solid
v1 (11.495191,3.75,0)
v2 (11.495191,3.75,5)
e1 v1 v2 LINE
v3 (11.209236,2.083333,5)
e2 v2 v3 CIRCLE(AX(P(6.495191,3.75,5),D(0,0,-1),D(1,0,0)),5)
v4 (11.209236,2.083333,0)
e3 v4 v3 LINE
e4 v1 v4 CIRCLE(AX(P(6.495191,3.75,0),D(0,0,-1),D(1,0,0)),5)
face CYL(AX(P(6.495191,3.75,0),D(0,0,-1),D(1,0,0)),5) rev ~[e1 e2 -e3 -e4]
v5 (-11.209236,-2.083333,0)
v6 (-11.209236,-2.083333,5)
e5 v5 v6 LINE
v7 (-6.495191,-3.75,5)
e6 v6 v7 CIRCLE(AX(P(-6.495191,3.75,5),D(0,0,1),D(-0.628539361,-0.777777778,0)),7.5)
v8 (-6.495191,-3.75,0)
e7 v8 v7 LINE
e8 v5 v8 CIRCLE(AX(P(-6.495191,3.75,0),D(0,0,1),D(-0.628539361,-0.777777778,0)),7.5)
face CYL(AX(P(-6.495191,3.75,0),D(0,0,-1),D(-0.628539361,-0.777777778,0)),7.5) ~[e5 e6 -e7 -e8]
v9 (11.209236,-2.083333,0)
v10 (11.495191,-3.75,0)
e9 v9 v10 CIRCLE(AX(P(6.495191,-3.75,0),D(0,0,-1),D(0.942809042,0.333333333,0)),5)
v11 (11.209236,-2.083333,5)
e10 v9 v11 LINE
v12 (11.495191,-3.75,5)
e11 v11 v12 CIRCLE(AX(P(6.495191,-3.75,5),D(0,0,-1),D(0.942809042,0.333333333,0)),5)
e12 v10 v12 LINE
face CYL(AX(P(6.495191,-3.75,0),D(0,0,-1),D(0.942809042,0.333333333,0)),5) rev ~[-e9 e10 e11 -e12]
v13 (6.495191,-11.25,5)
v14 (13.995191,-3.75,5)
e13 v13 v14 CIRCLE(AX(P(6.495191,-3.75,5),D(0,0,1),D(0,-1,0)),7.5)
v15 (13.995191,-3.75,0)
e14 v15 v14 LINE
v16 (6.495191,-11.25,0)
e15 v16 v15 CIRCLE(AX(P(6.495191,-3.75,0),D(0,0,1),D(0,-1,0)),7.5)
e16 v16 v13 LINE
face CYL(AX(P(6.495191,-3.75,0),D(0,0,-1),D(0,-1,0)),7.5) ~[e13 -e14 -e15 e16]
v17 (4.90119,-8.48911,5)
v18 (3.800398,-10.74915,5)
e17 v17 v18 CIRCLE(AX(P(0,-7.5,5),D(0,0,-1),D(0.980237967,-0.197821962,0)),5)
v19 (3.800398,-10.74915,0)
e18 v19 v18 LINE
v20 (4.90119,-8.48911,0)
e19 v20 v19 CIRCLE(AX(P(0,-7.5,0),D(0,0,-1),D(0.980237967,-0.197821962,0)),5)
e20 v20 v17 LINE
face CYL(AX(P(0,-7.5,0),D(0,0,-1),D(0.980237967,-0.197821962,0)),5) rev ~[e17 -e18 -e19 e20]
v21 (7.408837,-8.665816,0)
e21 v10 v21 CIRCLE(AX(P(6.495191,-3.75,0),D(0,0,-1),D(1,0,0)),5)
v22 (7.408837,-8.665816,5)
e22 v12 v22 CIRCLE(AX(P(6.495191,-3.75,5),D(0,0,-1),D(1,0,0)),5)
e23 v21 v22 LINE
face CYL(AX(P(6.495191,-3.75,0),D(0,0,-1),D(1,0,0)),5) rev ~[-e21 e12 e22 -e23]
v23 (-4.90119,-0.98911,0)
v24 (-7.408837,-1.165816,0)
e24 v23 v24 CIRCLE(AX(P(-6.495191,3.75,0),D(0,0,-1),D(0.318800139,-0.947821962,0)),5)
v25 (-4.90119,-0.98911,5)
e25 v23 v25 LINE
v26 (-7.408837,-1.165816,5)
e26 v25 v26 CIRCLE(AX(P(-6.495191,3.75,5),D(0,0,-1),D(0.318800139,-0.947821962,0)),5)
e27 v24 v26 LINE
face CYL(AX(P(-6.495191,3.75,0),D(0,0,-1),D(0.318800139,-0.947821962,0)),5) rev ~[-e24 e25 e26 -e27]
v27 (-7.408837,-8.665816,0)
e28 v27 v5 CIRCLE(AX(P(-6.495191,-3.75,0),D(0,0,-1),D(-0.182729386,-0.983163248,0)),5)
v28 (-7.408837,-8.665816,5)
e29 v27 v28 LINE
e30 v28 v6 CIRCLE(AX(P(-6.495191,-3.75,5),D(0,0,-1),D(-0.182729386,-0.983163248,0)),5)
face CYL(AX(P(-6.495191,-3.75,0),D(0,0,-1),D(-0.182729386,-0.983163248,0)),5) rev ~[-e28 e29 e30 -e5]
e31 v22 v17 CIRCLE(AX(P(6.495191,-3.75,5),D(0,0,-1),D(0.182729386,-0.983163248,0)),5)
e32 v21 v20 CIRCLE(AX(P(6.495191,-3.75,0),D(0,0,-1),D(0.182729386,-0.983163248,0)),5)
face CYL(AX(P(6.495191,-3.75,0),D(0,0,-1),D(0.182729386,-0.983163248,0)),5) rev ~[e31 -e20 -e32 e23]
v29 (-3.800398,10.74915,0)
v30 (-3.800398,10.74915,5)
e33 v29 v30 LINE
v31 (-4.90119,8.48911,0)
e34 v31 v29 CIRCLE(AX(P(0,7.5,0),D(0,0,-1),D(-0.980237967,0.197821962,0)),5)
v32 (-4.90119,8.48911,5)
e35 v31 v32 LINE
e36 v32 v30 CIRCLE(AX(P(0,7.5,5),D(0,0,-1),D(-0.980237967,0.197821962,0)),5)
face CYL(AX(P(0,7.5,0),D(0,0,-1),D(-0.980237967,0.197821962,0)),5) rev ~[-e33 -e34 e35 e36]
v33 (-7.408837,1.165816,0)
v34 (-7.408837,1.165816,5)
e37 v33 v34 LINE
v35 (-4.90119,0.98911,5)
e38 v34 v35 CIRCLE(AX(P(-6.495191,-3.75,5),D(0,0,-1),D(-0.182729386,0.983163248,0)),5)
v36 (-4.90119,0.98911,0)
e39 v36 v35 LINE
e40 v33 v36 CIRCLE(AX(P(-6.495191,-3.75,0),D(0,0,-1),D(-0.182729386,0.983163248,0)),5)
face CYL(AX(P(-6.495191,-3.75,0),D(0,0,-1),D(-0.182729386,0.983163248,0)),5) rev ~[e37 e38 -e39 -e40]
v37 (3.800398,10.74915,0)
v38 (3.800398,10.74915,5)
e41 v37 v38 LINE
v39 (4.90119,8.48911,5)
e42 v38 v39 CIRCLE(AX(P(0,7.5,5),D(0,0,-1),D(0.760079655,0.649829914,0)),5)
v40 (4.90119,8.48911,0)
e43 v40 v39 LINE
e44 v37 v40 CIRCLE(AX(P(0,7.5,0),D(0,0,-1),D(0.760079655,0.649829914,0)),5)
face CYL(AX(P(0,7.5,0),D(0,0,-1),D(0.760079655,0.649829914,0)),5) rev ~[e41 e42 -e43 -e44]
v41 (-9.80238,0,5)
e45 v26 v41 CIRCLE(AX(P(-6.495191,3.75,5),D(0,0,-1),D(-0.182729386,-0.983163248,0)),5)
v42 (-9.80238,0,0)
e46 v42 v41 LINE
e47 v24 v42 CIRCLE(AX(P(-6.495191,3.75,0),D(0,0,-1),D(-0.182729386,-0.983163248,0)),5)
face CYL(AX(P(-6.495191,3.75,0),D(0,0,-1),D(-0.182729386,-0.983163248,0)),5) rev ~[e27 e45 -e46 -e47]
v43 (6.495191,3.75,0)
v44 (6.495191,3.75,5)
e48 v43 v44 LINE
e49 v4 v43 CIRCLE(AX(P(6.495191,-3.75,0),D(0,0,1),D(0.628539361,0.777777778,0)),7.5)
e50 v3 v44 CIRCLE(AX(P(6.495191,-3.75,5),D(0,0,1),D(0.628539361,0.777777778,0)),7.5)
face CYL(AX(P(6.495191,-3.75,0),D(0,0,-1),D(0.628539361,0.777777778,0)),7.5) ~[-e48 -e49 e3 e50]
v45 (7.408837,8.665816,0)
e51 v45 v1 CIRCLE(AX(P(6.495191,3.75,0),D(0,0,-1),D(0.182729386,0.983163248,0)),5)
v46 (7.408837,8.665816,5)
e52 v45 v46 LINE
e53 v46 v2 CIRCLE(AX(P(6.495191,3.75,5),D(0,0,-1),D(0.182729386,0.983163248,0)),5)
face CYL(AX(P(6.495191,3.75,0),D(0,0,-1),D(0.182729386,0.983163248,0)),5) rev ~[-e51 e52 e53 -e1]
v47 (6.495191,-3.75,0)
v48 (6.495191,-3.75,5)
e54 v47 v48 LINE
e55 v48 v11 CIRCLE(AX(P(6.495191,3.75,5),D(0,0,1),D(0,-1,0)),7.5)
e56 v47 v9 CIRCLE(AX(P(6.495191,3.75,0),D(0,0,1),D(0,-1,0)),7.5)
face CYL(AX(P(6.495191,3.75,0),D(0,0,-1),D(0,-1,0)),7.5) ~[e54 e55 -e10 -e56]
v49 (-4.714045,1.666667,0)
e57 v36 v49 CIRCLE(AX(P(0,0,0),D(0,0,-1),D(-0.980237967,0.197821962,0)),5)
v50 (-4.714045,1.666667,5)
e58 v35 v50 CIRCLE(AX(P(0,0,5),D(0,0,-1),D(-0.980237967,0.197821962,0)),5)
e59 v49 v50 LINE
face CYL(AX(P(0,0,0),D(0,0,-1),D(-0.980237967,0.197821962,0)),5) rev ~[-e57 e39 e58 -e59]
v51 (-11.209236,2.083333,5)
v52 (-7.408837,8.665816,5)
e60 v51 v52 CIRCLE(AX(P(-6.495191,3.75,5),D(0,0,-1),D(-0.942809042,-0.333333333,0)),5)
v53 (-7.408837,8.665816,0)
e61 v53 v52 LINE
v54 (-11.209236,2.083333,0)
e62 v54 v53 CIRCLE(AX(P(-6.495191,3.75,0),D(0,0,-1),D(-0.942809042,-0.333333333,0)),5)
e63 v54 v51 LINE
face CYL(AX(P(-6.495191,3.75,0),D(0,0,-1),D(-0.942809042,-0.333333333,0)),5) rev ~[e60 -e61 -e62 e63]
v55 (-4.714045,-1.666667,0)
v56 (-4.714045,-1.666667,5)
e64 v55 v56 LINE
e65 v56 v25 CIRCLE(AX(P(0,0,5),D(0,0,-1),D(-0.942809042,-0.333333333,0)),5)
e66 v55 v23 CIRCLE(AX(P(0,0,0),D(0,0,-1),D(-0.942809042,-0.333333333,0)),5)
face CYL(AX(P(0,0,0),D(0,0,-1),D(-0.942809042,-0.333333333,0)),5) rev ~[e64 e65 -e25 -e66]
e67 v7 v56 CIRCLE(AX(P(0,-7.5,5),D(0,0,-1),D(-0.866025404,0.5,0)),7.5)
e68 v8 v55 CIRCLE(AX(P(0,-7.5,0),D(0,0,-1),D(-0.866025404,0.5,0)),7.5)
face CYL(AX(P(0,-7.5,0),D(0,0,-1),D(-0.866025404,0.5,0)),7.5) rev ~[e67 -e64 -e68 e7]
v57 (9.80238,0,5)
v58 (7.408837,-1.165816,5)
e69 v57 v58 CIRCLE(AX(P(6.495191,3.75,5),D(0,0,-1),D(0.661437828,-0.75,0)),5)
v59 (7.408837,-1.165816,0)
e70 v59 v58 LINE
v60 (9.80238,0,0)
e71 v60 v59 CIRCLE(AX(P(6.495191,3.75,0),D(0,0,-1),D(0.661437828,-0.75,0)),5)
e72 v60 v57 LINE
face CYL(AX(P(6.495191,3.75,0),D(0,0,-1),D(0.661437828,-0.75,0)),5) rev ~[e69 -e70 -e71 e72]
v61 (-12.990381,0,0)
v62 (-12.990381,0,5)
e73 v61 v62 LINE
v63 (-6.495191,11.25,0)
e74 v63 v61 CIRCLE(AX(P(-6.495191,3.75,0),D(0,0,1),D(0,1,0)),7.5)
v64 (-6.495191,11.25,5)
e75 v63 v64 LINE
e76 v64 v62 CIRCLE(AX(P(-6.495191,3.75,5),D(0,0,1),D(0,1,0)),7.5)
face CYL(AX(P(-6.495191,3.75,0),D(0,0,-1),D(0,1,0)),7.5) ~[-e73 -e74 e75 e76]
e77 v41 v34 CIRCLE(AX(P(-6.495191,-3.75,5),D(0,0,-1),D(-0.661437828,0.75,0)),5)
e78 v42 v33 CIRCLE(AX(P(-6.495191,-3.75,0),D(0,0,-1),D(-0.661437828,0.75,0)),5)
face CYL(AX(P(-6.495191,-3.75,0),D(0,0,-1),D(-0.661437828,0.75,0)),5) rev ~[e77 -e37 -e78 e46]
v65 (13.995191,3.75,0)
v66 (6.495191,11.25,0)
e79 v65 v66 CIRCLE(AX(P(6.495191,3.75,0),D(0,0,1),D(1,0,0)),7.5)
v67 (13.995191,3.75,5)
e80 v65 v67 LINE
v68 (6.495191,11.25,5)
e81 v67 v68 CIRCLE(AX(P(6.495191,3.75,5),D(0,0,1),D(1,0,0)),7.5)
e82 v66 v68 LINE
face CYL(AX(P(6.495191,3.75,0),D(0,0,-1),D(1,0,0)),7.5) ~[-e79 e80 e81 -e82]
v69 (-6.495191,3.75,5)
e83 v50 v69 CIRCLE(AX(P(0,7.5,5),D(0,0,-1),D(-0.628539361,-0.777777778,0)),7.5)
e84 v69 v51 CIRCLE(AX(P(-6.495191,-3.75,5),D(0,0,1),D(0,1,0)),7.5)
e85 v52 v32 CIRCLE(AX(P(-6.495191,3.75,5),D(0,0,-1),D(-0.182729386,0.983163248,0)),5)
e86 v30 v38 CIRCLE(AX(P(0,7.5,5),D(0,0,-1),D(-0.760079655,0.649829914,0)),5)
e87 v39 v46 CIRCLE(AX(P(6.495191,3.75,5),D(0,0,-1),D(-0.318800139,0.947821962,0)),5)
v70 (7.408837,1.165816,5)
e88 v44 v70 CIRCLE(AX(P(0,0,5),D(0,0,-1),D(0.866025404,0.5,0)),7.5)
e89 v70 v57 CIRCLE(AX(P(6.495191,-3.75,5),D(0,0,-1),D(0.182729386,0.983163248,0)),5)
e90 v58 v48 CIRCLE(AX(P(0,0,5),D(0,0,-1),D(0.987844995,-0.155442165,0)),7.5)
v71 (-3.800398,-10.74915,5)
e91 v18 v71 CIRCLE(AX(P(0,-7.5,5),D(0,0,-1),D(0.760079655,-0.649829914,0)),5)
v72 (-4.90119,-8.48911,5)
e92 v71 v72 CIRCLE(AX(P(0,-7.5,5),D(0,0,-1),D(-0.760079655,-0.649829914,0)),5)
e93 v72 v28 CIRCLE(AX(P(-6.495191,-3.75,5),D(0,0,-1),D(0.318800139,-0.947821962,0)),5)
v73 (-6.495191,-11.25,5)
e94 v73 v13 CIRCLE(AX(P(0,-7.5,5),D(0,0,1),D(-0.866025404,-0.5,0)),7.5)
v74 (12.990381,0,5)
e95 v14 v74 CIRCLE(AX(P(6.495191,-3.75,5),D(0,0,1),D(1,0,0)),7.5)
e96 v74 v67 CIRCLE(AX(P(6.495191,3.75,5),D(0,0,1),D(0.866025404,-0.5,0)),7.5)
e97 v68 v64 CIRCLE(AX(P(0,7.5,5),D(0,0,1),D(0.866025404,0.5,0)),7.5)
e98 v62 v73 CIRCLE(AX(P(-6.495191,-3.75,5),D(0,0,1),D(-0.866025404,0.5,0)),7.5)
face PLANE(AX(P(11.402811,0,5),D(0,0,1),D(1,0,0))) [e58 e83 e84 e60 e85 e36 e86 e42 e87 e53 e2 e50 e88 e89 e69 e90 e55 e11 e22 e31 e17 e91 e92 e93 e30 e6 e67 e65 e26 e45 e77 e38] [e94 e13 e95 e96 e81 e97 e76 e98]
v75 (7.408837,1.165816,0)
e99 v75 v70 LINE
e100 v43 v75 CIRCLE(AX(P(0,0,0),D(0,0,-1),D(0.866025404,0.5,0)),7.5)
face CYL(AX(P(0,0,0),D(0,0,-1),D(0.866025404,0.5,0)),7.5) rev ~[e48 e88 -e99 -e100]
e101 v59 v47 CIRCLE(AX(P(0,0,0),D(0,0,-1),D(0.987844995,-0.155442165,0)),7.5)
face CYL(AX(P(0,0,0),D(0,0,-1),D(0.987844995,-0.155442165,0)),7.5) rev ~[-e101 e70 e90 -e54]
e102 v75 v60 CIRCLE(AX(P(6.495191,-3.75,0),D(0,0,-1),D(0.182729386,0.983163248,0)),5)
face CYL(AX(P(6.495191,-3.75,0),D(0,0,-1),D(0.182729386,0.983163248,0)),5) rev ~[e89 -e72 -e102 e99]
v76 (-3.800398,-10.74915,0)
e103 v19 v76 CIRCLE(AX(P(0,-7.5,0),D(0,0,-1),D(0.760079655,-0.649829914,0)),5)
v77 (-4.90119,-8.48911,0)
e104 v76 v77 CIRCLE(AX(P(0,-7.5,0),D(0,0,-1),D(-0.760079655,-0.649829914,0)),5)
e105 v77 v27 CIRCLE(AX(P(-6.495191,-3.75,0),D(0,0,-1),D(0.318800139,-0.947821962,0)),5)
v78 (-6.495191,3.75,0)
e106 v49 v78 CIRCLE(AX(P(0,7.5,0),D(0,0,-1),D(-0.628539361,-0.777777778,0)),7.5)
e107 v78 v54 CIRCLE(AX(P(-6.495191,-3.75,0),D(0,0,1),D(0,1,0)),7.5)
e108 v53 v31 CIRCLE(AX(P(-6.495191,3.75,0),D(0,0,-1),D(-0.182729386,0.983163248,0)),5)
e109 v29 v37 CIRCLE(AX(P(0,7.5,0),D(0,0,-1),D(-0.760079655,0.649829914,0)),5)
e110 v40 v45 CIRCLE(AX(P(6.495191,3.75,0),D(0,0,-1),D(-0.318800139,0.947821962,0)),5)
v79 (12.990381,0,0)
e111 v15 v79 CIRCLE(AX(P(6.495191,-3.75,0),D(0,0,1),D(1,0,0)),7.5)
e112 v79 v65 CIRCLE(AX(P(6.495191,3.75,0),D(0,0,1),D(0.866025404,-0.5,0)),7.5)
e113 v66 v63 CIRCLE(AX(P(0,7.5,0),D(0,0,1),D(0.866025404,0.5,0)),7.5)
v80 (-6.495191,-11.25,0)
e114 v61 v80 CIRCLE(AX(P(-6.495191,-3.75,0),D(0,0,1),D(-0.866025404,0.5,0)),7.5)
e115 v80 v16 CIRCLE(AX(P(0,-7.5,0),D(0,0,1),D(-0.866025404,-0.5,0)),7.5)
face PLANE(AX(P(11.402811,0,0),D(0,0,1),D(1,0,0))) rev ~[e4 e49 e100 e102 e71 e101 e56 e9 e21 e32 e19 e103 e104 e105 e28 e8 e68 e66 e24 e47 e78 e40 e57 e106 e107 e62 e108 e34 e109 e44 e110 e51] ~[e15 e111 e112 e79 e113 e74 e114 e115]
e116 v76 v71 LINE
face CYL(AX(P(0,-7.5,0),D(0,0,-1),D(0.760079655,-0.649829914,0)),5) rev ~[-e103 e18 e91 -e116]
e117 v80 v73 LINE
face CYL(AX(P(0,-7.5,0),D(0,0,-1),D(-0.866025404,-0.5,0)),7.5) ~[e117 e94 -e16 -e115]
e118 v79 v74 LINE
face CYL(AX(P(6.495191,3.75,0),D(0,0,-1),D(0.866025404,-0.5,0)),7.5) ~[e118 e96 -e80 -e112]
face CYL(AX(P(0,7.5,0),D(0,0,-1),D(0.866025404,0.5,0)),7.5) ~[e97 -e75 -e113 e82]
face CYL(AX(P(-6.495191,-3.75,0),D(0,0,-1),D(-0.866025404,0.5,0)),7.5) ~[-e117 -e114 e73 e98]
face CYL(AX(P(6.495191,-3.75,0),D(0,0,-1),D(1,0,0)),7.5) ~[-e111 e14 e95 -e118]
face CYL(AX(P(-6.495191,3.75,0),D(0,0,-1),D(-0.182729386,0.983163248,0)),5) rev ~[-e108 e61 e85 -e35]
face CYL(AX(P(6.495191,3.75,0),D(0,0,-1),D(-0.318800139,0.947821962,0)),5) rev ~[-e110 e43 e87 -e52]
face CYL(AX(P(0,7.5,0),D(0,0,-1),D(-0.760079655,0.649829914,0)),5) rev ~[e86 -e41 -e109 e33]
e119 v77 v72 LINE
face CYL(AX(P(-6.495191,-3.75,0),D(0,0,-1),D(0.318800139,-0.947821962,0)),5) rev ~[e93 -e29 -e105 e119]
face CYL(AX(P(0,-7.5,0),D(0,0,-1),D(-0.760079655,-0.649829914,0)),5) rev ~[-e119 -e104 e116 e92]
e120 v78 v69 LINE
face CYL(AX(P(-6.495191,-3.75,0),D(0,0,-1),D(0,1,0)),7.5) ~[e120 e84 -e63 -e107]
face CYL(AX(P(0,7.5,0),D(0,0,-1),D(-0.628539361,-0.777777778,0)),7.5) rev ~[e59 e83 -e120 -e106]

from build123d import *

# Parameters (mm, degrees)
F1_DEPTH = 5


with BuildPart() as f1:
    # F0 (on Top) → F1 (new body)
    with BuildSketch(Plane.XY):
        with BuildLine():
            ThreePointArc((11.2092357363, 2.0833333333), (10.6388748257, 0.951807647), (9.8023796672, 0))
            ThreePointArc((9.8023796672, 0), (10.6388748257, -0.951807647), (11.2092357363, -2.0833333333))
            ThreePointArc((11.2092357363, -2.0833333333), (12.1957879438, -1.123724357), (12.9903810568, 0))
            ThreePointArc((12.9903810568, 0), (12.1957879438, 1.123724357), (11.2092357363, 2.0833333333))
        make_face()
        with BuildLine():
            ThreePointArc((11.4951905284, 3.75), (11.4231833267, 2.9044901064), (11.2092357363, 2.0833333333))
            ThreePointArc((11.2092357363, 2.0833333333), (12.1957879438, 1.123724357), (12.9903810568, 0))
            ThreePointArc((12.9903810568, 0), (13.7396342256, 1.8088571617), (13.9951905284, 3.75))
            ThreePointArc((13.9951905284, 3.75), (11.7984913873, 9.0533008589), (6.4951905284, 11.25))
            ThreePointArc((6.4951905284, 11.25), (7.0710678119, 10), (7.4088374594, 8.665816238))
            ThreePointArc((7.4088374594, 8.665816238), (10.3402025345, 6.9462294462), (11.4951905284, 3.75))
        make_face()
        with BuildLine():
            ThreePointArc((12.9903810568, 0), (12.1957879438, -1.123724357), (11.2092357363, -2.0833333333))
            ThreePointArc((11.2092357363, -2.0833333333), (11.4231833267, -2.9044901064), (11.4951905284, -3.75))
            ThreePointArc((11.4951905284, -3.75), (10.3402025345, -6.9462294462), (7.4088374594, -8.665816238))
            ThreePointArc((7.4088374594, -8.665816238), (7.0710678119, -10), (6.4951905284, -11.25))
            ThreePointArc((6.4951905284, -11.25), (11.7984913873, -9.0533008589), (13.9951905284, -3.75))
            ThreePointArc((13.9951905284, -3.75), (13.7396342256, -1.8088571617), (12.9903810568, 0))
        make_face()
        with BuildLine():
            ThreePointArc((4.9011898336, 8.4891098093), (6.1437270147, 8.7376320432), (7.4088374594, 8.665816238))
            ThreePointArc((7.4088374594, 8.665816238), (7.0710678119, 10), (6.4951905284, 11.25))
            ThreePointArc((6.4951905284, 11.25), (5.1247201319, 11.123724357), (3.8003982769, 10.7491495713))
            ThreePointArc((3.8003982769, 10.7491495713), (4.495147811, 9.6894396902), (4.9011898336, 8.4891098093))
        make_face()
        with BuildLine():
            ThreePointArc((6.4951905284, -11.25), (7.0710678119, -10), (7.4088374594, -8.665816238))
            ThreePointArc((7.4088374594, -8.665816238), (6.1437270147, -8.7376320432), (4.9011898336, -8.4891098093))
            ThreePointArc((4.9011898336, -8.4891098093), (4.495147811, -9.6894396902), (3.8003982769, -10.7491495713))
            ThreePointArc((3.8003982769, -10.7491495713), (5.1247201319, -11.123724357), (6.4951905284, -11.25))
        make_face()
        with BuildLine():
            ThreePointArc((3.8003982769, 10.7491495713), (5.1247201319, 11.123724357), (6.4951905284, 11.25))
            ThreePointArc((6.4951905284, 11.25), (0, 15), (-6.4951905284, 11.25))
            ThreePointArc((-6.4951905284, 11.25), (-5.1247201319, 11.123724357), (-3.8003982769, 10.7491495713))
            ThreePointArc((-3.8003982769, 10.7491495713), (0, 12.5), (3.8003982769, 10.7491495713))
        make_face()
        with BuildLine():
            ThreePointArc((-6.4951905284, -11.25), (0, -15), (6.4951905284, -11.25))
            ThreePointArc((6.4951905284, -11.25), (5.1247201319, -11.123724357), (3.8003982769, -10.7491495713))
            ThreePointArc((3.8003982769, -10.7491495713), (0, -12.5), (-3.8003982769, -10.7491495713))
            ThreePointArc((-3.8003982769, -10.7491495713), (-5.1247201319, -11.123724357), (-6.4951905284, -11.25))
        make_face()
        with BuildLine():
            ThreePointArc((-4.9011898336, 8.4891098093), (-4.495147811, 9.6894396902), (-3.8003982769, 10.7491495713))
            ThreePointArc((-3.8003982769, 10.7491495713), (-5.1247201319, 11.123724357), (-6.4951905284, 11.25))
            ThreePointArc((-6.4951905284, 11.25), (-7.0710678119, 10), (-7.4088374594, 8.665816238))
            ThreePointArc((-7.4088374594, 8.665816238), (-6.1437270147, 8.7376320432), (-4.9011898336, 8.4891098093))
        make_face()
        with BuildLine():
            ThreePointArc((-7.4088374594, 8.665816238), (-7.0710678119, 10), (-6.4951905284, 11.25))
            ThreePointArc((-6.4951905284, 11.25), (-12.9903810568, 7.5), (-12.9903810568, 0))
            ThreePointArc((-12.9903810568, 0), (-12.1957879438, 1.123724357), (-11.2092357363, 2.0833333333))
            ThreePointArc((-11.2092357363, 2.0833333333), (-10.8253175473, 6.25), (-7.4088374594, 8.665816238))
        make_face()
        with BuildLine():
            ThreePointArc((-6.4951905284, -11.25), (-5.1247201319, -11.123724357), (-3.8003982769, -10.7491495713))
            ThreePointArc((-3.8003982769, -10.7491495713), (-4.495147811, -9.6894396902), (-4.9011898336, -8.4891098093))
            ThreePointArc((-4.9011898336, -8.4891098093), (-6.1437270147, -8.7376320432), (-7.4088374594, -8.665816238))
            ThreePointArc((-7.4088374594, -8.665816238), (-7.0710678119, -10), (-6.4951905284, -11.25))
        make_face()
        with BuildLine():
            ThreePointArc((-12.9903810568, 0), (-12.9903810568, -7.5), (-6.4951905284, -11.25))
            ThreePointArc((-6.4951905284, -11.25), (-7.0710678119, -10), (-7.4088374594, -8.665816238))
            ThreePointArc((-7.4088374594, -8.665816238), (-10.8253175473, -6.25), (-11.2092357363, -2.0833333333))
            ThreePointArc((-11.2092357363, -2.0833333333), (-12.1957879438, -1.123724357), (-12.9903810568, 0))
        make_face()
        with BuildLine():
            ThreePointArc((-11.2092357363, 2.0833333333), (-12.1957879438, 1.123724357), (-12.9903810568, 0))
            ThreePointArc((-12.9903810568, 0), (-12.1957879438, -1.123724357), (-11.2092357363, -2.0833333333))
            ThreePointArc((-11.2092357363, -2.0833333333), (-10.6388748257, -0.951807647), (-9.8023796672, 0))
            ThreePointArc((-9.8023796672, 0), (-10.6388748257, 0.951807647), (-11.2092357363, 2.0833333333))
        make_face()
        with BuildLine():
            ThreePointArc((-11.2092357363, -2.0833333333), (-8.9951905284, -3.3210678119), (-6.4951905284, -3.75))
            ThreePointArc((-6.4951905284, -3.75), (-7.0710678119, -2.5), (-7.4088374594, -1.165816238))
            ThreePointArc((-7.4088374594, -1.165816238), (-8.6846302186, -0.745147811), (-9.8023796672, 0))
            ThreePointArc((-9.8023796672, 0), (-10.6388748257, -0.951807647), (-11.2092357363, -2.0833333333))
        make_face()
        with BuildLine():
            ThreePointArc((-7.4088374594, 1.165816238), (-7.0710678119, 2.5), (-6.4951905284, 3.75))
            ThreePointArc((-6.4951905284, 3.75), (-8.9951905284, 3.3210678119), (-11.2092357363, 2.0833333333))
            ThreePointArc((-11.2092357363, 2.0833333333), (-10.6388748257, 0.951807647), (-9.8023796672, 0))
            ThreePointArc((-9.8023796672, 0), (-8.6846302186, 0.745147811), (-7.4088374594, 1.165816238))
        make_face()
        with BuildLine():
            ThreePointArc((-4.9011898336, 0.9891098093), (-4.819539091, 1.3311810359), (-4.7140452079, 1.6666666667))
            ThreePointArc((-4.7140452079, 1.6666666667), (-5.7005974154, 2.626275643), (-6.4951905284, 3.75))
            ThreePointArc((-6.4951905284, 3.75), (-7.0710678119, 2.5), (-7.4088374594, 1.165816238))
            ThreePointArc((-7.4088374594, 1.165816238), (-6.1437270147, 1.2376320432), (-4.9011898336, 0.9891098093))
        make_face()
        with BuildLine():
            ThreePointArc((-6.4951905284, -3.75), (-5.7005974154, -2.626275643), (-4.7140452079, -1.6666666667))
            ThreePointArc((-4.7140452079, -1.6666666667), (-4.819539091, -1.3311810359), (-4.9011898336, -0.9891098093))
            ThreePointArc((-4.9011898336, -0.9891098093), (-6.1437270147, -1.2376320432), (-7.4088374594, -1.165816238))
            ThreePointArc((-7.4088374594, -1.165816238), (-7.0710678119, -2.5), (-6.4951905284, -3.75))
        make_face()
        with BuildLine():
            ThreePointArc((9.8023796672, 0), (8.6846302186, -0.745147811), (7.4088374594, -1.165816238))
            ThreePointArc((7.4088374594, -1.165816238), (7.0710678119, -2.5), (6.4951905284, -3.75))
            ThreePointArc((6.4951905284, -3.75), (8.9951905284, -3.3210678119), (11.2092357363, -2.0833333333))
            ThreePointArc((11.2092357363, -2.0833333333), (10.6388748257, -0.951807647), (9.8023796672, 0))
        make_face()
        with BuildLine():
            ThreePointArc((6.4951905284, 3.75), (7.0710678119, 2.5), (7.4088374594, 1.165816238))
            ThreePointArc((7.4088374594, 1.165816238), (8.6846302186, 0.745147811), (9.8023796672, 0))
            ThreePointArc((9.8023796672, 0), (10.6388748257, 0.951807647), (11.2092357363, 2.0833333333))
            ThreePointArc((11.2092357363, 2.0833333333), (8.9951905284, 3.3210678119), (6.4951905284, 3.75))
        make_face()
    extrude(amount=F1_DEPTH)


solid = f1.part
